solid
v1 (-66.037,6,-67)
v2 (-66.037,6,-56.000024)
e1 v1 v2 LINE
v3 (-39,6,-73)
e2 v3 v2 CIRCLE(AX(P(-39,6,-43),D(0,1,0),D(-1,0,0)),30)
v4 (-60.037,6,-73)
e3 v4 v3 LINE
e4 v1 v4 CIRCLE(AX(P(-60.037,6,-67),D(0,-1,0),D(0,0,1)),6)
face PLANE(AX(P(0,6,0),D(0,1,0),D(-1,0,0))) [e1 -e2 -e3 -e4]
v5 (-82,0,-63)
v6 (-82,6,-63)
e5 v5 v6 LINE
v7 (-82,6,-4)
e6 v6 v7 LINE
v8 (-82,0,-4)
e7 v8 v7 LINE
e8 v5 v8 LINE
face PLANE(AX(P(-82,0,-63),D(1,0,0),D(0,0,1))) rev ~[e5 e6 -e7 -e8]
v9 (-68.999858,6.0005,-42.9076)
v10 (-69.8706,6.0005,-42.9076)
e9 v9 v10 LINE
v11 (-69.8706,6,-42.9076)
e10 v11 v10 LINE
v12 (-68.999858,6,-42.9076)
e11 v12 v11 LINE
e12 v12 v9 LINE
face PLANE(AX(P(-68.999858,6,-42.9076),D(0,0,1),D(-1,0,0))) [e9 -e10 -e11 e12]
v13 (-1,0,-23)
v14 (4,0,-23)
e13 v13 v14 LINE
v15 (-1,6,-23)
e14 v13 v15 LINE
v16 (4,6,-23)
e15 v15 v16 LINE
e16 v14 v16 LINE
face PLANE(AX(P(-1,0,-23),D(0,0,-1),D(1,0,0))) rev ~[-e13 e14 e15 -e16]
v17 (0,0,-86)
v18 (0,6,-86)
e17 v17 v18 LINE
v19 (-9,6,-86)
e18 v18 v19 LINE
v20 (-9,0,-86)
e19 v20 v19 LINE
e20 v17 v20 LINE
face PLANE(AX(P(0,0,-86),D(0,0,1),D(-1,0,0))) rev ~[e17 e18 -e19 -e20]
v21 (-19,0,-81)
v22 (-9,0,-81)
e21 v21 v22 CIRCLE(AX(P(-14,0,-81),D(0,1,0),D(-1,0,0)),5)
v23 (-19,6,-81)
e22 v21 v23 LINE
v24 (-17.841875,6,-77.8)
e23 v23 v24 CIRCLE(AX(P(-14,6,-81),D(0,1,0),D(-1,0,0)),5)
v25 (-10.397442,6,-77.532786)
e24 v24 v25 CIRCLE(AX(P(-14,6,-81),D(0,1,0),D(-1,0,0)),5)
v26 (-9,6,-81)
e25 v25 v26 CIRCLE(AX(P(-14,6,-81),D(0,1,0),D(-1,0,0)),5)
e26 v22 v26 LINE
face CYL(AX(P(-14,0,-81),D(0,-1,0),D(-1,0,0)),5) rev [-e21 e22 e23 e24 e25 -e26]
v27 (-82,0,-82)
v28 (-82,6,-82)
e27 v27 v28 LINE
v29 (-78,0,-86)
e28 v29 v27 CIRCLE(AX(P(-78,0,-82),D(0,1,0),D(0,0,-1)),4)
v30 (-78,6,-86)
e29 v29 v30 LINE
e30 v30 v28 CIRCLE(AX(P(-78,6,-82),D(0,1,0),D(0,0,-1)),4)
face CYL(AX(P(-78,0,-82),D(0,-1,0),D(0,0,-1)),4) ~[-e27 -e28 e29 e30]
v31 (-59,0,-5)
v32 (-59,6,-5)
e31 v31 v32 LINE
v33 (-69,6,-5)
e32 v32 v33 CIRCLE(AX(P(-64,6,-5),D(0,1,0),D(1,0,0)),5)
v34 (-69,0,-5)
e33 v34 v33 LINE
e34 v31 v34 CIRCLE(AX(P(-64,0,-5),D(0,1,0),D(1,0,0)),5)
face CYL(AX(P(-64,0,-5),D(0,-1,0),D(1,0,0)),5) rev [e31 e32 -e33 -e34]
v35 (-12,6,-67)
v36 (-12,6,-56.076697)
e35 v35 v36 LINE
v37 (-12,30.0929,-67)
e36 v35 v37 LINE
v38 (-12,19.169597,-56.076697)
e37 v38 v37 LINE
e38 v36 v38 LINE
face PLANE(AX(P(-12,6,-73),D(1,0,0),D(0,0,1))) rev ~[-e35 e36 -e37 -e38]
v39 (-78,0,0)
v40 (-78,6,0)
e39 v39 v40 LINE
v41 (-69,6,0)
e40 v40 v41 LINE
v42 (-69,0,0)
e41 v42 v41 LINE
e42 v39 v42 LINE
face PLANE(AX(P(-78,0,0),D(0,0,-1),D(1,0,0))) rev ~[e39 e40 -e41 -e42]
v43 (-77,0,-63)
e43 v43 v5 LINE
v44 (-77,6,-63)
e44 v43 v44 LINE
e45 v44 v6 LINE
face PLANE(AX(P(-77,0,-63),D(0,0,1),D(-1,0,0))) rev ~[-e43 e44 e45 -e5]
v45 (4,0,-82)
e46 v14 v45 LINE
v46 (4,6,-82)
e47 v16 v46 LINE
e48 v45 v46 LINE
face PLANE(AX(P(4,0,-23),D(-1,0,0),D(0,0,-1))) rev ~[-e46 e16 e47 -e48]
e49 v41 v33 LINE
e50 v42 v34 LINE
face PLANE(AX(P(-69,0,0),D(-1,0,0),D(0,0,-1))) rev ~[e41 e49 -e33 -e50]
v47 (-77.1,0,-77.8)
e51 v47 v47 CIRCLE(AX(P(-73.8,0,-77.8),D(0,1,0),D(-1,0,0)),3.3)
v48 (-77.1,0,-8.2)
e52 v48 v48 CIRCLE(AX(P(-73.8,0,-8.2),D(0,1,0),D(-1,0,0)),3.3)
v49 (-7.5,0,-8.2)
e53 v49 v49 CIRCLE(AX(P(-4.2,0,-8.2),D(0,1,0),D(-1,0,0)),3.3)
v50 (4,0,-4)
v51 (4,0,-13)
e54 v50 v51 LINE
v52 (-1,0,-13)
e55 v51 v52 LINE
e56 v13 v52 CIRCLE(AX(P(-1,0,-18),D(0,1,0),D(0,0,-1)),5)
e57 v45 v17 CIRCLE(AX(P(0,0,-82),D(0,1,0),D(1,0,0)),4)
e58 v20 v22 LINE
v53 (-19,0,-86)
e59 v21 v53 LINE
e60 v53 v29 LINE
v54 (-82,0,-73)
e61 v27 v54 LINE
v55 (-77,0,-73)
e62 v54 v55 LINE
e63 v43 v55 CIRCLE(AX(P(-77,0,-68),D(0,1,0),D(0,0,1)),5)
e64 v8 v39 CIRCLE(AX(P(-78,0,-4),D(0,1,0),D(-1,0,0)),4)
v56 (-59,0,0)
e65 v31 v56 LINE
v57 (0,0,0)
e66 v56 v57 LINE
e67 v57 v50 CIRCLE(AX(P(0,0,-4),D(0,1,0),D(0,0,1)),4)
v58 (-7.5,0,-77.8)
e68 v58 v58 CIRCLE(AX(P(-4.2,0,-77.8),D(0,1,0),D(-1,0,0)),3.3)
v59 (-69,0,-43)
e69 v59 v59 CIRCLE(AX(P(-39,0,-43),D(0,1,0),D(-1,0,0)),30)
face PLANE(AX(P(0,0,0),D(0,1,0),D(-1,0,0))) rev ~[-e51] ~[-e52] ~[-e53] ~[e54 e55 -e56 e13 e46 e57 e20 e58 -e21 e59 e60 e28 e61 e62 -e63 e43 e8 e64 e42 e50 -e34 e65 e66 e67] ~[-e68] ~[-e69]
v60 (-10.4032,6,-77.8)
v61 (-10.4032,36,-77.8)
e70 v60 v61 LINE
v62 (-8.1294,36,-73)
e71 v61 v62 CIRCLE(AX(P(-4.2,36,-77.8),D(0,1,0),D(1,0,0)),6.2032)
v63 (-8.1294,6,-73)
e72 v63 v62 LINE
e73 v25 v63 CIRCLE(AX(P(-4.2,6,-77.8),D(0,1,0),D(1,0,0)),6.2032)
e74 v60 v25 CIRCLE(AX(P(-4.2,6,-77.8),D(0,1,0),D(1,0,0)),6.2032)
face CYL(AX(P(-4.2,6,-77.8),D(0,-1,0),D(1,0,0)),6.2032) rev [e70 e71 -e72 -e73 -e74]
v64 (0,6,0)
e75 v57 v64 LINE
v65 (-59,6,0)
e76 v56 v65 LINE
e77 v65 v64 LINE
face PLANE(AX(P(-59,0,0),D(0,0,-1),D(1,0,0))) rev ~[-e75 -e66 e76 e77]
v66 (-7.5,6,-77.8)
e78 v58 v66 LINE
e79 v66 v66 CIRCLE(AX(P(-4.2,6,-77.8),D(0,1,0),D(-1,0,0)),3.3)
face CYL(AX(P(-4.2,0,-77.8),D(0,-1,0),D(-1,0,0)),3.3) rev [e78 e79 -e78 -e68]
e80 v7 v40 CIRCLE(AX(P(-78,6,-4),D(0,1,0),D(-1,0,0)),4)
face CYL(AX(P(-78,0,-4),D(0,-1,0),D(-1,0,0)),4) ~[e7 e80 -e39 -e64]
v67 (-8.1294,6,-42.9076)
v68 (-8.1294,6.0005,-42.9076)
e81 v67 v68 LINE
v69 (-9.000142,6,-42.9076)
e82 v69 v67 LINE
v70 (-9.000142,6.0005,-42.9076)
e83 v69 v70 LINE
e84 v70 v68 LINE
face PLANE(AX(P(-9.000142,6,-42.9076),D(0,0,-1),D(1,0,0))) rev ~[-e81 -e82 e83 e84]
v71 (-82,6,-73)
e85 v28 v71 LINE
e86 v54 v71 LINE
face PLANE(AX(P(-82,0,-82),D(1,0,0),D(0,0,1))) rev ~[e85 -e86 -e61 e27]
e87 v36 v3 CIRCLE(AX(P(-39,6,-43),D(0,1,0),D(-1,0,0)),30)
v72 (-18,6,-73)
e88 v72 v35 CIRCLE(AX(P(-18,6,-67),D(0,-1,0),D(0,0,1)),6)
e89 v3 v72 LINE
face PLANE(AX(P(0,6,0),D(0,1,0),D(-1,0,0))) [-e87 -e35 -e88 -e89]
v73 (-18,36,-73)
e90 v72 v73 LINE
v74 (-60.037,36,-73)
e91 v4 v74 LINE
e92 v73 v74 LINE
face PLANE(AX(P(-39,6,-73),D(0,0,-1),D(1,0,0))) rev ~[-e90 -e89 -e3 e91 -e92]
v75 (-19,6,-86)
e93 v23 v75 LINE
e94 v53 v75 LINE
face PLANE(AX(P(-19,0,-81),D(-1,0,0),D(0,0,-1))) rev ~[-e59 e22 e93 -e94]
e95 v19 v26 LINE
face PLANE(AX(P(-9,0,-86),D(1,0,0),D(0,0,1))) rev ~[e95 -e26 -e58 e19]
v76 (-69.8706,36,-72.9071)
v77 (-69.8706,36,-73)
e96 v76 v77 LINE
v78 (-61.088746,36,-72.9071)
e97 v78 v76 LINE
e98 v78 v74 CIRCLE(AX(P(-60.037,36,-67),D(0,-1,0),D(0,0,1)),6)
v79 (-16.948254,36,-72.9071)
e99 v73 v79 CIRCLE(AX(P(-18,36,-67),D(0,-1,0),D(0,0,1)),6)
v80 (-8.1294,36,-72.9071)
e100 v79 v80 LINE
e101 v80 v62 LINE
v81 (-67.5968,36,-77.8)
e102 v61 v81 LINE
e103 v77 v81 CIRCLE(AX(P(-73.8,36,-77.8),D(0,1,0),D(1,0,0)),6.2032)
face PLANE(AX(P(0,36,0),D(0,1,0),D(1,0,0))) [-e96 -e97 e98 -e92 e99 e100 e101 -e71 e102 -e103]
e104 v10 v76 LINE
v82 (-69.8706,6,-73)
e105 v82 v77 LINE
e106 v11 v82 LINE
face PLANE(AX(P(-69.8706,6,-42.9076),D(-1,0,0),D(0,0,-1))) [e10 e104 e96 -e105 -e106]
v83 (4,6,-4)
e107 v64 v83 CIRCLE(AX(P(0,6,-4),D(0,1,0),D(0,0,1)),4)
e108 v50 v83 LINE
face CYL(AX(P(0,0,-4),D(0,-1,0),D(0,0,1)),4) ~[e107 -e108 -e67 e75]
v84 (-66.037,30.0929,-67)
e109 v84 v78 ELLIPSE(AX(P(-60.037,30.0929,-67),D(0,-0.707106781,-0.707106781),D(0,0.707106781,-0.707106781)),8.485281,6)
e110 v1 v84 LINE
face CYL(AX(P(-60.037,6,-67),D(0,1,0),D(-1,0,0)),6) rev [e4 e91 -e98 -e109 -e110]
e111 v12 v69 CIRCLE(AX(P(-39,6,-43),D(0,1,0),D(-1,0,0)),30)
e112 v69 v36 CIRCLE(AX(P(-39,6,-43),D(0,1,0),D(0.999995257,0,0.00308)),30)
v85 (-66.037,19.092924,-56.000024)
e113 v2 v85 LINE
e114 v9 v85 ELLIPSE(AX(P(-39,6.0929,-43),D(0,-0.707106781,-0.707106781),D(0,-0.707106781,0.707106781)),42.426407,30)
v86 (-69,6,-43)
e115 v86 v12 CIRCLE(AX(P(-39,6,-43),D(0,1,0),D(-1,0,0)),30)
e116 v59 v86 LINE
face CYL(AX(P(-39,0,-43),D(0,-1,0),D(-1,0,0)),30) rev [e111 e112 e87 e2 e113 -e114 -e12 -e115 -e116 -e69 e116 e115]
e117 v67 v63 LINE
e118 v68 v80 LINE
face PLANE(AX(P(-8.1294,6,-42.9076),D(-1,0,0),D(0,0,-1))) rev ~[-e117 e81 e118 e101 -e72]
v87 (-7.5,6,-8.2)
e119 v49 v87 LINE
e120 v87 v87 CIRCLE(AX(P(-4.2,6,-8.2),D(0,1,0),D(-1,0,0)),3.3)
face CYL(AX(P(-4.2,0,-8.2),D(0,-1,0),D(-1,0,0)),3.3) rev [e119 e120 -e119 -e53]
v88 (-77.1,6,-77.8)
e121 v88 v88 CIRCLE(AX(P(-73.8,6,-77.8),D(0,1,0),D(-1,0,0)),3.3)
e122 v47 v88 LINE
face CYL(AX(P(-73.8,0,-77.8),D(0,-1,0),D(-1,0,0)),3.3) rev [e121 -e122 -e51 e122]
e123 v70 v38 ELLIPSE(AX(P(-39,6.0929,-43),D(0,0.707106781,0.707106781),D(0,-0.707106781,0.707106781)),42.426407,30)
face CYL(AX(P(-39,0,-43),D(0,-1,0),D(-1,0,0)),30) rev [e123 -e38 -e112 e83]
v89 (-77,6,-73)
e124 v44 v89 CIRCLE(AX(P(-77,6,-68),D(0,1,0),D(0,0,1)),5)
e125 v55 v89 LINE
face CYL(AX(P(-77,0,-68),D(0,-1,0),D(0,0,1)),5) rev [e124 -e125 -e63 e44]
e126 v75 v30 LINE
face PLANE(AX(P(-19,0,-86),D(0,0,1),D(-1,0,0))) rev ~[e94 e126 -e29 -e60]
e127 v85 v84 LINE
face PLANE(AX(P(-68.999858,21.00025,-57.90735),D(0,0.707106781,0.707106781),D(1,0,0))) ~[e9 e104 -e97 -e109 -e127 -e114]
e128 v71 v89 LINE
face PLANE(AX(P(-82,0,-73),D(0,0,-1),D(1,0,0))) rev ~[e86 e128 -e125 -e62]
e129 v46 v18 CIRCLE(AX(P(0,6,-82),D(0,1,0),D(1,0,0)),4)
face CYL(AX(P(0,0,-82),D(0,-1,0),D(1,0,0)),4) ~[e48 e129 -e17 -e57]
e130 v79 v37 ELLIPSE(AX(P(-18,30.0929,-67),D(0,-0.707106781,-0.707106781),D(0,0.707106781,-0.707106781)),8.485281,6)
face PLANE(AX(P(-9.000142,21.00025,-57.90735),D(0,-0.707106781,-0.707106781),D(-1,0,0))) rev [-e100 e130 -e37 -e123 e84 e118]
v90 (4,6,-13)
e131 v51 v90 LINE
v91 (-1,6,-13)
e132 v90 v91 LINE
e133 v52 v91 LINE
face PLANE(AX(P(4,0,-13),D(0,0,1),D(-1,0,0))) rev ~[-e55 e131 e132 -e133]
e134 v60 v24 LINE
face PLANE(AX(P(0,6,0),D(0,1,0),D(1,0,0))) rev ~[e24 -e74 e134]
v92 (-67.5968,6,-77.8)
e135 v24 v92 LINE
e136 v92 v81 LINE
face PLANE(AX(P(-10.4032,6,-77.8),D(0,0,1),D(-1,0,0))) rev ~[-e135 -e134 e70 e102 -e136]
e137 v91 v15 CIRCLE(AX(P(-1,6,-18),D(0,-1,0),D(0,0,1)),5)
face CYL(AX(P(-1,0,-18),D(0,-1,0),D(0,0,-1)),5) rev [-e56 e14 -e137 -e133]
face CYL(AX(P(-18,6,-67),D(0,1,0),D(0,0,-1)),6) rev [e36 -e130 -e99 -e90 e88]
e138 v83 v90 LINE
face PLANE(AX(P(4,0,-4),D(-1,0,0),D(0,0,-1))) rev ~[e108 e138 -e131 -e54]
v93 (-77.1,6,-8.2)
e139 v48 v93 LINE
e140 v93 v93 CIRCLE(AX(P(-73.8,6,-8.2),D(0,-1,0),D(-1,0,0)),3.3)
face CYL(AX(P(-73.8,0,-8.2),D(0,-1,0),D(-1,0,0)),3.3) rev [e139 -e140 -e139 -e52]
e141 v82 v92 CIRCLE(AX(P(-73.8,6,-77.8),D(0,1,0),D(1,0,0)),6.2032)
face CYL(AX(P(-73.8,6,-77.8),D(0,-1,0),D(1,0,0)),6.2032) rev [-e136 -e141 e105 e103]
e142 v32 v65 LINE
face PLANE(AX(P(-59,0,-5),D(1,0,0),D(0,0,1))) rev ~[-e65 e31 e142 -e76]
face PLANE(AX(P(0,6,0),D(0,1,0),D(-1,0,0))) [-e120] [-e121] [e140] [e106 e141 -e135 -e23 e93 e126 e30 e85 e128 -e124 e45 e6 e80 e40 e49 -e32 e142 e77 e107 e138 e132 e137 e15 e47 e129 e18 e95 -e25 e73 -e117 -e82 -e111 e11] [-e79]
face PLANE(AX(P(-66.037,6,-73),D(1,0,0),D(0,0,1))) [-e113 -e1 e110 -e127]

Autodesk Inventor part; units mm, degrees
ref_plane "YZ Plane" through (0, 0, 0) normal (1, 0, 0) x (0, 1, 0)
ref_plane "XZ Plane" through (0, 0, 0) normal (0, 1, 0) x (-1, 0, 0)
ref_plane "XY Plane" through (0, 0, 0) normal (0, 0, 1) x (1, 0, 0)
sketch "Эскиз1" plane through (0, 0, 0) normal (0, 1, 0) x (-1, 0, 0)
  arc A0 (82, -4) -> (78, 0) centre (78, -4) ccw
  line L0 (82, -63) -> (82, -4)
  line L1 (-4, -23) -> (-4, -82)
  line L2 (1, -23) -> (-4, -23)
  arc A1 (1, -23) -> (6, -18) centre (1, -18) ccw
  arc A2 (6, -18) -> (1, -13) centre (1, -18) ccw
  circle A3 centre (39, -43) radius 30
  line L3 (-4, -13) -> (1, -13)
  line L4 (-4, -4) -> (-4, -13)
  arc A4 (0, 0) -> (-4, -4) centre (0, -4) ccw
  line L5 (59, 0) -> (0, 0)
  line L6 (59, -5) -> (59, 0)
  line L7 (78, 0) -> (69, 0)
  arc A5 (59, -5) -> (69, -5) centre (64, -5) ccw
  line L8 (69, 0) -> (69, -5)
  arc A6 (77.1, -8.2) -> (70.5, -8.2) centre (73.8, -8.2) ccw
  circle A7 centre (73.8, -8.2) radius 3.3
  circle A8 centre (4.2, -8.2) radius 3.3
  circle A9 centre (73.8, -77.8) radius 3.3
  circle A10 centre (4.2, -77.8) radius 3.3
  arc A11 (19, -81) -> (9, -81) centre (14, -81) ccw
  line L9 (19, -81) -> (19, -86)
  line L10 (9, -86) -> (9, -81)
  line L11 (0, -86) -> (9, -86)
  arc A12 (-4, -82) -> (0, -86) centre (0, -82) ccw
  line L12 (19, -86) -> (78, -86)
  arc A13 (78, -86) -> (82, -82) centre (78, -82) ccw
  line L13 (82, -82) -> (82, -73)
  line L14 (82, -73) -> (77, -73)
  arc A14 (77, -63) -> (77, -73) centre (77, -68) ccw
  line L15 (77, -63) -> (82, -63)
  point P0 (0, 0)
extrude "Выдавливание1" add sketch "Эскиз1" along normal blind 6
sketch "Эскиз2" plane through (0, 6, 0) normal (0, 1, 0) x (1, 0, 0)
  line L0 (4, 23) -> (4, 82) projected
  line L1 (-82, 85.8) -> (4, 85.8)
  line L2 (4, 85.8) -> (4, 77.8)
  line L3 (4, 77.8) -> (-82, 77.8)
  line L4 (-82, 77.8) -> (-82, 85.8)
  circle A0 centre (-73.8, 77.8) radius 3.3 projected
  circle A1 centre (-4.2, 77.8) radius 3.3 projected
  circle A2 centre (-4.2, 77.8) radius 6.2032
  circle A3 centre (-73.8, 77.8) radius 6.2032
  line L5 (-82, 73) -> (-77, 73) projected
  line L6 (-82, 73) -> (4, 73)
  line L7 (4, 73) -> (4, 77.8)
  line L8 (4, 77.8) -> (-82, 77.8)
  line L9 (-82, 77.8) -> (-82, 73)
  line L10 (-8.1294, 73) -> (-12, 73)
  line L11 (-12, 73) -> (-12, 42.9076)
  line L12 (-12, 42.9076) -> (-8.1294, 42.9076)
  line L13 (-8.1294, 42.9076) -> (-8.1294, 73)
  line L14 (-69.8706, 73) -> (-66.037, 73)
  line L15 (-66.037, 73) -> (-66.037, 42.9076)
  line L16 (-66.037, 42.9076) -> (-69.8706, 42.9076)
  line L17 (-69.8706, 42.9076) -> (-69.8706, 73)
  circle A4 centre (-39, 43) radius 30 projected
  point P0 (0, 0)
  point P1 (-80.0032, 77.8)
  point P2 (-67.5968, 77.8)
  point P3 (-10.4032, 77.8)
  point P4 (2.0032, 77.8)
  point P5 (-12, 56.0767)
  point P6 (-9.0001, 42.9076)
  point P7 (-68.9999, 42.9076)
  point P8 (-66.037, 56)
  dimension "d4" = 4.8
  dimension "d5" = 8
extrude "Выдавливание3" add sketch "Эскиз2" along normal blind 30 contours L6 A3 L3 A2 | L13 L12 A4 L11 L6 | L6 L15 A4 L16 L17
chamfer "Фаска1" distance 30 angle 45 2 edges at (-69.4352, 36, -42.9076) (-8.5648, 36, -42.9076)
fillet "Сопряжение1" radius 6 2 edges at (-66.037, 21, -73) (-12, 21, -73)
properties part number "MotorCrepper2"
